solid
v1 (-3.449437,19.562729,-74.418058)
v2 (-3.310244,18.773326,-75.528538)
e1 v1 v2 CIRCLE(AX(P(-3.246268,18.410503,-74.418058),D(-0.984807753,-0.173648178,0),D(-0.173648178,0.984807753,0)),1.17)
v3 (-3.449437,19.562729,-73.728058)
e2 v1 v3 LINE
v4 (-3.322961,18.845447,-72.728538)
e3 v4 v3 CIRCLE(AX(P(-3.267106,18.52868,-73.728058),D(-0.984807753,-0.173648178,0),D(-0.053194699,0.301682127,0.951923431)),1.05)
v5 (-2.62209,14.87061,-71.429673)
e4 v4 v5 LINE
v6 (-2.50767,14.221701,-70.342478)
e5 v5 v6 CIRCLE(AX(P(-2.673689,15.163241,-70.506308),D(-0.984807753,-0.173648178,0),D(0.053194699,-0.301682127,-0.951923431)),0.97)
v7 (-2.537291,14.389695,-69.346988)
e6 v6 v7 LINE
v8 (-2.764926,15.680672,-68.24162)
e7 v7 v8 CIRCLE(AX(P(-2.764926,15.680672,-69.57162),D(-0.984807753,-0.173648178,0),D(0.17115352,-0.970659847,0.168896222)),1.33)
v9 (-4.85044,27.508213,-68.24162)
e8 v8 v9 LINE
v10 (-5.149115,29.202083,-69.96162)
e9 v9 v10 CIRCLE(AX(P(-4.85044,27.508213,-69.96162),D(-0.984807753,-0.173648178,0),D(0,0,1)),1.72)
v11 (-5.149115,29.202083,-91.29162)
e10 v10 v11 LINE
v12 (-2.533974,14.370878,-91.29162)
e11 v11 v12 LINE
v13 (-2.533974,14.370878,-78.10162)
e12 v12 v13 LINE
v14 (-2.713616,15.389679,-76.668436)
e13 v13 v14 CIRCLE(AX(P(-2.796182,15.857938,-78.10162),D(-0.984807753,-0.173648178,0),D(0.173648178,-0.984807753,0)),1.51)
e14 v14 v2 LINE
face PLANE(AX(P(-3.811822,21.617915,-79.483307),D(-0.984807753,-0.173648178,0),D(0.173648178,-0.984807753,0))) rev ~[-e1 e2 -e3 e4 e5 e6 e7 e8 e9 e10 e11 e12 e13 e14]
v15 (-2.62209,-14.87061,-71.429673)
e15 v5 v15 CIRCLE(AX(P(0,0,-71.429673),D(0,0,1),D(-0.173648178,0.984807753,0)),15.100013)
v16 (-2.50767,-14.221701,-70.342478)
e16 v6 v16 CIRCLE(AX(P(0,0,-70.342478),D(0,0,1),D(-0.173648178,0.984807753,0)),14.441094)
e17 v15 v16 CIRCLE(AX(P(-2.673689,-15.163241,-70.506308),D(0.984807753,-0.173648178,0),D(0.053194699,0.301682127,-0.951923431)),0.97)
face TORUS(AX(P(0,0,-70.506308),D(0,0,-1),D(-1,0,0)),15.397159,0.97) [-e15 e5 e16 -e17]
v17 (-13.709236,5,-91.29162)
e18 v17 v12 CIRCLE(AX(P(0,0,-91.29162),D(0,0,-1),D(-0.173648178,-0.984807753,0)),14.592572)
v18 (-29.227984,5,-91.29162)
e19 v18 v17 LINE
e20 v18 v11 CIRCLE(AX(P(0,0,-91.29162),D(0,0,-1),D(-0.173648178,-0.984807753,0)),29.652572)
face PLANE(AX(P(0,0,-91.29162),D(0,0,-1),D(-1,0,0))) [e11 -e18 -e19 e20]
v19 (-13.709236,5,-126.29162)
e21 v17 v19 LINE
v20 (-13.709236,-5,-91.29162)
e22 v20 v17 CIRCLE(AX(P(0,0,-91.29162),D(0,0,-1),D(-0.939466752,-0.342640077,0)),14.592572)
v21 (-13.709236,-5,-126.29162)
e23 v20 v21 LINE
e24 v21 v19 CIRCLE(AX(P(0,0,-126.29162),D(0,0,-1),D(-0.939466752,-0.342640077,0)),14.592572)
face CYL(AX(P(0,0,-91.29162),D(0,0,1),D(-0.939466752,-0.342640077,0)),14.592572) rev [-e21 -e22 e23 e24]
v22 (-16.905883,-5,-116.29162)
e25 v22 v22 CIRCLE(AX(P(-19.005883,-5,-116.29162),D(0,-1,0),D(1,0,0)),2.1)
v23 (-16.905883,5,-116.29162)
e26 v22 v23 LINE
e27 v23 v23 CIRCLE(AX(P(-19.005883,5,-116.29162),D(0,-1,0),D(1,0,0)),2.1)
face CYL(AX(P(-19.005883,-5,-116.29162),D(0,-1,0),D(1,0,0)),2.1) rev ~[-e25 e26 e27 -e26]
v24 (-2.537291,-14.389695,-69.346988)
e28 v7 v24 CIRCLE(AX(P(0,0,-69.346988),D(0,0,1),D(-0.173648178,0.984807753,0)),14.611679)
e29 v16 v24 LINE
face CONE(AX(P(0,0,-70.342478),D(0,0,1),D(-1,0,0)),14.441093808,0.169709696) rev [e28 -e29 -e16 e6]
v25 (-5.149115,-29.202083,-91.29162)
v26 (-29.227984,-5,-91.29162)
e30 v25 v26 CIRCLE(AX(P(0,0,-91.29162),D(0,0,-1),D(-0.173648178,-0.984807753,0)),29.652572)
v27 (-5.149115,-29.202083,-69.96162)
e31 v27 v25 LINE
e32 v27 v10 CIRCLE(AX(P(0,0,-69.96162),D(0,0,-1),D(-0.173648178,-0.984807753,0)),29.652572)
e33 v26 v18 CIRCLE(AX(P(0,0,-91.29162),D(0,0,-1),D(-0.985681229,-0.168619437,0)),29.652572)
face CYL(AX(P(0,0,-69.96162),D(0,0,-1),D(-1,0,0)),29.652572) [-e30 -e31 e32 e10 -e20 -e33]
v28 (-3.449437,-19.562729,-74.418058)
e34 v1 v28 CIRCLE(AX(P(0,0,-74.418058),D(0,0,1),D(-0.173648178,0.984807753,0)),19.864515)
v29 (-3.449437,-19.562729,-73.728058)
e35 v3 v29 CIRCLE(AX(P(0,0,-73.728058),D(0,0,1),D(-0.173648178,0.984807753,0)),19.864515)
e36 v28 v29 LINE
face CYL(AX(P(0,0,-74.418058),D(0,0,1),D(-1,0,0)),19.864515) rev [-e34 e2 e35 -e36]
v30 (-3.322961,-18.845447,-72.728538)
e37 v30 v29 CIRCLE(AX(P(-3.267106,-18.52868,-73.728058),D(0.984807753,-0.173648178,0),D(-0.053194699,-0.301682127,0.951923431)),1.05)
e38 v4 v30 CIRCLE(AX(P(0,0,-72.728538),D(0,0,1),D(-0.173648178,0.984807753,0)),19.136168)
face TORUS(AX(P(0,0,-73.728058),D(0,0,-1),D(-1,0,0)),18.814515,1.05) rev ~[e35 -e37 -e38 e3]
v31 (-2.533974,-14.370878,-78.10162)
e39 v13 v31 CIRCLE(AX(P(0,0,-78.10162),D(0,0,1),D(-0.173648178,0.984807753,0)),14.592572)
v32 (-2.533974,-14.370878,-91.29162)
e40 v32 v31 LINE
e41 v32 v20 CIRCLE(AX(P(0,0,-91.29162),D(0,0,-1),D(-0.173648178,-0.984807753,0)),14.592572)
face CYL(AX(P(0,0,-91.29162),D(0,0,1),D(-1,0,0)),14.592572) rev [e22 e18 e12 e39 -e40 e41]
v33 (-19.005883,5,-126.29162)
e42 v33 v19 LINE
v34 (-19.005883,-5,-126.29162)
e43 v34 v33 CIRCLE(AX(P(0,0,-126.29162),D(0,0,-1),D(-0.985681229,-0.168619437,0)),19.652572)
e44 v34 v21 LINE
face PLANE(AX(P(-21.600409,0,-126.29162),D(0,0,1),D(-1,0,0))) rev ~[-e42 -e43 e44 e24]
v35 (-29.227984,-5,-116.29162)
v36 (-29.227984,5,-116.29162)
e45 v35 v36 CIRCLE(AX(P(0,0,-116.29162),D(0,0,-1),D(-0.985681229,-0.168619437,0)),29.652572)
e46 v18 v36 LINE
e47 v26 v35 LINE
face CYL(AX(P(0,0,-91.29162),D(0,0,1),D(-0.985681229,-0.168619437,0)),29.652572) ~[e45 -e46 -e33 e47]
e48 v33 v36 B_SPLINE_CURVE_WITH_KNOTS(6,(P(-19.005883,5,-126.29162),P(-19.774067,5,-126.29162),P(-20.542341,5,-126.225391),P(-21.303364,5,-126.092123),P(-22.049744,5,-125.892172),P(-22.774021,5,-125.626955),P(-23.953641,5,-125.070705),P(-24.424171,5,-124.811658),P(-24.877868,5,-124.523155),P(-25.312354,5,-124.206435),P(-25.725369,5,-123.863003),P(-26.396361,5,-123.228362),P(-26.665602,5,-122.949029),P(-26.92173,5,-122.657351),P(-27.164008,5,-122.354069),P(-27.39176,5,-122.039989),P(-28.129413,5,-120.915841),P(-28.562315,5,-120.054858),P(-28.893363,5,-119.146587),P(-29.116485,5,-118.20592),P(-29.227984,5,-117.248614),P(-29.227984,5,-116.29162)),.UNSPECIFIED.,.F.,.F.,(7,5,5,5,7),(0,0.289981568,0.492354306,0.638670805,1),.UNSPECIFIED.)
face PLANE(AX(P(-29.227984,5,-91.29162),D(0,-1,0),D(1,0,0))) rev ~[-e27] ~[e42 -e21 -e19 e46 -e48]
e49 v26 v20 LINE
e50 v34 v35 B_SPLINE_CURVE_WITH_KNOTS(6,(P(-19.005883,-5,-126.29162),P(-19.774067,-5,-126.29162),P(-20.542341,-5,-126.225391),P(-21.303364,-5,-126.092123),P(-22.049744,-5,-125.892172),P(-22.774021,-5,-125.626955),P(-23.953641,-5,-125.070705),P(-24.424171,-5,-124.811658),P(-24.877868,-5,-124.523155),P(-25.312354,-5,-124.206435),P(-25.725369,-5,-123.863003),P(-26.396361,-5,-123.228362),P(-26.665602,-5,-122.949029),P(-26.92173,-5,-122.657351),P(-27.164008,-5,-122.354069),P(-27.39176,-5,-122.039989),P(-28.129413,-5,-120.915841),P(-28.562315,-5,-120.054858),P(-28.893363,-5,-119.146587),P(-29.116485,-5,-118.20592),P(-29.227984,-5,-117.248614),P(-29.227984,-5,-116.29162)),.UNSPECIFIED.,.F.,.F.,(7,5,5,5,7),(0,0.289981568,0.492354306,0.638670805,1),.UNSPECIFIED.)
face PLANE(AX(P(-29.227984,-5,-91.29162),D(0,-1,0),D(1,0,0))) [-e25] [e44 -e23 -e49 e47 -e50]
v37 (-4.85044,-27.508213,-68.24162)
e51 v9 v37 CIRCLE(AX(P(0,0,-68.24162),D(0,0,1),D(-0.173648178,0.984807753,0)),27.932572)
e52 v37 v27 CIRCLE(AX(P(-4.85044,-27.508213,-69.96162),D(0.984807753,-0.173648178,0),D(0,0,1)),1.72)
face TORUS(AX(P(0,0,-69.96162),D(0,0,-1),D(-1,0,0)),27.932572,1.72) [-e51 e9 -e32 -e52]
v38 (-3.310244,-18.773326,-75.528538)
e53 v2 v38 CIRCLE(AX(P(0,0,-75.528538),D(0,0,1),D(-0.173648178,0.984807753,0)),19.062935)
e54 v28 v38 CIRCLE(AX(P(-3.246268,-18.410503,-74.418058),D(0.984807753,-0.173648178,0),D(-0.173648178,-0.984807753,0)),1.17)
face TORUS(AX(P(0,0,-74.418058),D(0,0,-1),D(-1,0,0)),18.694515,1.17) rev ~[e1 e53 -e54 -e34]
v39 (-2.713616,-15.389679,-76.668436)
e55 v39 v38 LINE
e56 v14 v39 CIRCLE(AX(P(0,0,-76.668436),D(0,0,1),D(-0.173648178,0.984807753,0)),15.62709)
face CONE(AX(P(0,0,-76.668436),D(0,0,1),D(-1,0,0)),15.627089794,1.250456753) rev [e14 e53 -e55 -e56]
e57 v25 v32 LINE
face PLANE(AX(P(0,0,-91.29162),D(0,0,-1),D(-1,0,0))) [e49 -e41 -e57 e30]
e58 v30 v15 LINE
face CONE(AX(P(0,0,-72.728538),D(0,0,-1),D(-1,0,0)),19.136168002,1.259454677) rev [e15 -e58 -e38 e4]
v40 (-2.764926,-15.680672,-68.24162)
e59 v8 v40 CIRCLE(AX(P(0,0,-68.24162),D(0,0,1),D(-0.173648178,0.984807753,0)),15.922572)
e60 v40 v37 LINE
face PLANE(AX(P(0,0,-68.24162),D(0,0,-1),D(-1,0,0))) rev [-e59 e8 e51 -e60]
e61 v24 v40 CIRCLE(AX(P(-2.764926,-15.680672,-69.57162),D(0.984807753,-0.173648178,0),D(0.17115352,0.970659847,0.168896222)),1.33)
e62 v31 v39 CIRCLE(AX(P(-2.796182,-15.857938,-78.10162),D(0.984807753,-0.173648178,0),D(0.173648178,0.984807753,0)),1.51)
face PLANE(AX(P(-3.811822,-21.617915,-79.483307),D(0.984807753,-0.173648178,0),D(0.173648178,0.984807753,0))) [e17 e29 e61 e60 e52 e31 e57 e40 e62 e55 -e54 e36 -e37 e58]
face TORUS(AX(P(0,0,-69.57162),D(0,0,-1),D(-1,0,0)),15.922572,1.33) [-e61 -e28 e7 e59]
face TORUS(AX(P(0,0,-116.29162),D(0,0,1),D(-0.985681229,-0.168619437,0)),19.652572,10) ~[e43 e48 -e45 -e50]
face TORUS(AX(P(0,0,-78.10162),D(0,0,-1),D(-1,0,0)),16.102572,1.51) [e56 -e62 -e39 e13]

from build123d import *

# Parameters (mm, degrees)
REVOLUTION002_ANGLE = 160
PAD003_DEPTH        = 35
FILLET_R            = 10
SKETCH016_R         = 2.1
POCKET006_DEPTH     = 34.2030828023


with BuildPart() as part:
    # Sketch013 → Revolution002 (revolve, symmetric)
    with BuildSketch(Plane.XZ) as revolution002_sk:
        with BuildLine():
            Line((-14.592572, -91.29162), (-14.592572, -78.10162))
            ThreePointArc((-14.592572, -78.10162), (-14.8782194915, -77.2178434814), (-15.6270897945, -76.6684358973))
            Line((-15.6270897945, -76.6684358973), (-19.0629351267, -75.5285381595))
            ThreePointArc((-19.8645151397, -74.4180577621), (-19.6431856264, -75.1028382434), (-19.0629351267, -75.5285381595))
            Line((-19.8645151397, -74.4180577621), (-19.8645151397, -73.7280577621))
            ThreePointArc((-19.1361680024, -72.7285381595), (-19.6631126608, -73.1096871232), (-19.8645151397, -73.7280577621))
            Line((-19.1361680024, -72.7285381595), (-15.100012655, -71.4296732661))
            ThreePointArc((-15.100012655, -71.4296732661), (-14.5676210475, -71.009067316), (-14.4410938084, -70.3424782022))
            Line((-14.4410938084, -70.3424782022), (-14.6116789932, -69.3469880241))
            ThreePointArc((-14.6116789932, -69.3469880241), (-15.0652099201, -68.5548455589), (-15.922572, -68.24162))
            Line((-15.922572, -68.24162), (-27.932572, -68.24162))
            ThreePointArc((-27.932572, -68.24162), (-29.1487956636, -68.7453963364), (-29.652572, -69.96162))
            Line((-29.652572, -69.96162), (-29.652572, -91.29162))
            Line((-29.652572, -91.29162), (-14.592572, -91.29162))
        make_face()
    revolve(axis=Axis((0, 0, 0), (0, 0, 1)), revolution_arc=REVOLUTION002_ANGLE / 2)
    revolve(revolution002_sk.sketch, axis=Axis((0, 0, 0), (0, 0, -1)), revolution_arc=REVOLUTION002_ANGLE / 2)

    # Sketch014 (on Face8 of Revolution002) → Pad003 (new body)
    with BuildSketch(Plane(origin=(0, 0, -91.29162), x_dir=(1, 0, 0), z_dir=(0, 0, -1))):
        with BuildLine():
            Line((-29.2279836153, 5), (-13.7092362141, 5))
            ThreePointArc((-13.7092362141, 5), (-14.592572, 0), (-13.7092362141, -5))
            Line((-29.2279836153, -5), (-13.7092362141, -5))
            ThreePointArc((-29.2279836153, 5), (-29.652572, 0), (-29.2279836153, -5))
        make_face()
    extrude(amount=PAD003_DEPTH)

    # Fillet
    fillet_edges = [part.edges().sort_by_distance(p)[0] for p in [
        (-29.652572, 0, -126.29162),
    ]]
    fillet(fillet_edges, radius=FILLET_R)

    # Sketch016 (on Face2 of Fillet) → Pocket006 (cut, through all)
    with BuildSketch(Plane.XZ.offset(5)):
        with Locations((-19.005882937, -116.29162)):
            Circle(SKETCH016_R)
    extrude(amount=-POCKET006_DEPTH, mode=Mode.SUBTRACT)


solid = part.part
